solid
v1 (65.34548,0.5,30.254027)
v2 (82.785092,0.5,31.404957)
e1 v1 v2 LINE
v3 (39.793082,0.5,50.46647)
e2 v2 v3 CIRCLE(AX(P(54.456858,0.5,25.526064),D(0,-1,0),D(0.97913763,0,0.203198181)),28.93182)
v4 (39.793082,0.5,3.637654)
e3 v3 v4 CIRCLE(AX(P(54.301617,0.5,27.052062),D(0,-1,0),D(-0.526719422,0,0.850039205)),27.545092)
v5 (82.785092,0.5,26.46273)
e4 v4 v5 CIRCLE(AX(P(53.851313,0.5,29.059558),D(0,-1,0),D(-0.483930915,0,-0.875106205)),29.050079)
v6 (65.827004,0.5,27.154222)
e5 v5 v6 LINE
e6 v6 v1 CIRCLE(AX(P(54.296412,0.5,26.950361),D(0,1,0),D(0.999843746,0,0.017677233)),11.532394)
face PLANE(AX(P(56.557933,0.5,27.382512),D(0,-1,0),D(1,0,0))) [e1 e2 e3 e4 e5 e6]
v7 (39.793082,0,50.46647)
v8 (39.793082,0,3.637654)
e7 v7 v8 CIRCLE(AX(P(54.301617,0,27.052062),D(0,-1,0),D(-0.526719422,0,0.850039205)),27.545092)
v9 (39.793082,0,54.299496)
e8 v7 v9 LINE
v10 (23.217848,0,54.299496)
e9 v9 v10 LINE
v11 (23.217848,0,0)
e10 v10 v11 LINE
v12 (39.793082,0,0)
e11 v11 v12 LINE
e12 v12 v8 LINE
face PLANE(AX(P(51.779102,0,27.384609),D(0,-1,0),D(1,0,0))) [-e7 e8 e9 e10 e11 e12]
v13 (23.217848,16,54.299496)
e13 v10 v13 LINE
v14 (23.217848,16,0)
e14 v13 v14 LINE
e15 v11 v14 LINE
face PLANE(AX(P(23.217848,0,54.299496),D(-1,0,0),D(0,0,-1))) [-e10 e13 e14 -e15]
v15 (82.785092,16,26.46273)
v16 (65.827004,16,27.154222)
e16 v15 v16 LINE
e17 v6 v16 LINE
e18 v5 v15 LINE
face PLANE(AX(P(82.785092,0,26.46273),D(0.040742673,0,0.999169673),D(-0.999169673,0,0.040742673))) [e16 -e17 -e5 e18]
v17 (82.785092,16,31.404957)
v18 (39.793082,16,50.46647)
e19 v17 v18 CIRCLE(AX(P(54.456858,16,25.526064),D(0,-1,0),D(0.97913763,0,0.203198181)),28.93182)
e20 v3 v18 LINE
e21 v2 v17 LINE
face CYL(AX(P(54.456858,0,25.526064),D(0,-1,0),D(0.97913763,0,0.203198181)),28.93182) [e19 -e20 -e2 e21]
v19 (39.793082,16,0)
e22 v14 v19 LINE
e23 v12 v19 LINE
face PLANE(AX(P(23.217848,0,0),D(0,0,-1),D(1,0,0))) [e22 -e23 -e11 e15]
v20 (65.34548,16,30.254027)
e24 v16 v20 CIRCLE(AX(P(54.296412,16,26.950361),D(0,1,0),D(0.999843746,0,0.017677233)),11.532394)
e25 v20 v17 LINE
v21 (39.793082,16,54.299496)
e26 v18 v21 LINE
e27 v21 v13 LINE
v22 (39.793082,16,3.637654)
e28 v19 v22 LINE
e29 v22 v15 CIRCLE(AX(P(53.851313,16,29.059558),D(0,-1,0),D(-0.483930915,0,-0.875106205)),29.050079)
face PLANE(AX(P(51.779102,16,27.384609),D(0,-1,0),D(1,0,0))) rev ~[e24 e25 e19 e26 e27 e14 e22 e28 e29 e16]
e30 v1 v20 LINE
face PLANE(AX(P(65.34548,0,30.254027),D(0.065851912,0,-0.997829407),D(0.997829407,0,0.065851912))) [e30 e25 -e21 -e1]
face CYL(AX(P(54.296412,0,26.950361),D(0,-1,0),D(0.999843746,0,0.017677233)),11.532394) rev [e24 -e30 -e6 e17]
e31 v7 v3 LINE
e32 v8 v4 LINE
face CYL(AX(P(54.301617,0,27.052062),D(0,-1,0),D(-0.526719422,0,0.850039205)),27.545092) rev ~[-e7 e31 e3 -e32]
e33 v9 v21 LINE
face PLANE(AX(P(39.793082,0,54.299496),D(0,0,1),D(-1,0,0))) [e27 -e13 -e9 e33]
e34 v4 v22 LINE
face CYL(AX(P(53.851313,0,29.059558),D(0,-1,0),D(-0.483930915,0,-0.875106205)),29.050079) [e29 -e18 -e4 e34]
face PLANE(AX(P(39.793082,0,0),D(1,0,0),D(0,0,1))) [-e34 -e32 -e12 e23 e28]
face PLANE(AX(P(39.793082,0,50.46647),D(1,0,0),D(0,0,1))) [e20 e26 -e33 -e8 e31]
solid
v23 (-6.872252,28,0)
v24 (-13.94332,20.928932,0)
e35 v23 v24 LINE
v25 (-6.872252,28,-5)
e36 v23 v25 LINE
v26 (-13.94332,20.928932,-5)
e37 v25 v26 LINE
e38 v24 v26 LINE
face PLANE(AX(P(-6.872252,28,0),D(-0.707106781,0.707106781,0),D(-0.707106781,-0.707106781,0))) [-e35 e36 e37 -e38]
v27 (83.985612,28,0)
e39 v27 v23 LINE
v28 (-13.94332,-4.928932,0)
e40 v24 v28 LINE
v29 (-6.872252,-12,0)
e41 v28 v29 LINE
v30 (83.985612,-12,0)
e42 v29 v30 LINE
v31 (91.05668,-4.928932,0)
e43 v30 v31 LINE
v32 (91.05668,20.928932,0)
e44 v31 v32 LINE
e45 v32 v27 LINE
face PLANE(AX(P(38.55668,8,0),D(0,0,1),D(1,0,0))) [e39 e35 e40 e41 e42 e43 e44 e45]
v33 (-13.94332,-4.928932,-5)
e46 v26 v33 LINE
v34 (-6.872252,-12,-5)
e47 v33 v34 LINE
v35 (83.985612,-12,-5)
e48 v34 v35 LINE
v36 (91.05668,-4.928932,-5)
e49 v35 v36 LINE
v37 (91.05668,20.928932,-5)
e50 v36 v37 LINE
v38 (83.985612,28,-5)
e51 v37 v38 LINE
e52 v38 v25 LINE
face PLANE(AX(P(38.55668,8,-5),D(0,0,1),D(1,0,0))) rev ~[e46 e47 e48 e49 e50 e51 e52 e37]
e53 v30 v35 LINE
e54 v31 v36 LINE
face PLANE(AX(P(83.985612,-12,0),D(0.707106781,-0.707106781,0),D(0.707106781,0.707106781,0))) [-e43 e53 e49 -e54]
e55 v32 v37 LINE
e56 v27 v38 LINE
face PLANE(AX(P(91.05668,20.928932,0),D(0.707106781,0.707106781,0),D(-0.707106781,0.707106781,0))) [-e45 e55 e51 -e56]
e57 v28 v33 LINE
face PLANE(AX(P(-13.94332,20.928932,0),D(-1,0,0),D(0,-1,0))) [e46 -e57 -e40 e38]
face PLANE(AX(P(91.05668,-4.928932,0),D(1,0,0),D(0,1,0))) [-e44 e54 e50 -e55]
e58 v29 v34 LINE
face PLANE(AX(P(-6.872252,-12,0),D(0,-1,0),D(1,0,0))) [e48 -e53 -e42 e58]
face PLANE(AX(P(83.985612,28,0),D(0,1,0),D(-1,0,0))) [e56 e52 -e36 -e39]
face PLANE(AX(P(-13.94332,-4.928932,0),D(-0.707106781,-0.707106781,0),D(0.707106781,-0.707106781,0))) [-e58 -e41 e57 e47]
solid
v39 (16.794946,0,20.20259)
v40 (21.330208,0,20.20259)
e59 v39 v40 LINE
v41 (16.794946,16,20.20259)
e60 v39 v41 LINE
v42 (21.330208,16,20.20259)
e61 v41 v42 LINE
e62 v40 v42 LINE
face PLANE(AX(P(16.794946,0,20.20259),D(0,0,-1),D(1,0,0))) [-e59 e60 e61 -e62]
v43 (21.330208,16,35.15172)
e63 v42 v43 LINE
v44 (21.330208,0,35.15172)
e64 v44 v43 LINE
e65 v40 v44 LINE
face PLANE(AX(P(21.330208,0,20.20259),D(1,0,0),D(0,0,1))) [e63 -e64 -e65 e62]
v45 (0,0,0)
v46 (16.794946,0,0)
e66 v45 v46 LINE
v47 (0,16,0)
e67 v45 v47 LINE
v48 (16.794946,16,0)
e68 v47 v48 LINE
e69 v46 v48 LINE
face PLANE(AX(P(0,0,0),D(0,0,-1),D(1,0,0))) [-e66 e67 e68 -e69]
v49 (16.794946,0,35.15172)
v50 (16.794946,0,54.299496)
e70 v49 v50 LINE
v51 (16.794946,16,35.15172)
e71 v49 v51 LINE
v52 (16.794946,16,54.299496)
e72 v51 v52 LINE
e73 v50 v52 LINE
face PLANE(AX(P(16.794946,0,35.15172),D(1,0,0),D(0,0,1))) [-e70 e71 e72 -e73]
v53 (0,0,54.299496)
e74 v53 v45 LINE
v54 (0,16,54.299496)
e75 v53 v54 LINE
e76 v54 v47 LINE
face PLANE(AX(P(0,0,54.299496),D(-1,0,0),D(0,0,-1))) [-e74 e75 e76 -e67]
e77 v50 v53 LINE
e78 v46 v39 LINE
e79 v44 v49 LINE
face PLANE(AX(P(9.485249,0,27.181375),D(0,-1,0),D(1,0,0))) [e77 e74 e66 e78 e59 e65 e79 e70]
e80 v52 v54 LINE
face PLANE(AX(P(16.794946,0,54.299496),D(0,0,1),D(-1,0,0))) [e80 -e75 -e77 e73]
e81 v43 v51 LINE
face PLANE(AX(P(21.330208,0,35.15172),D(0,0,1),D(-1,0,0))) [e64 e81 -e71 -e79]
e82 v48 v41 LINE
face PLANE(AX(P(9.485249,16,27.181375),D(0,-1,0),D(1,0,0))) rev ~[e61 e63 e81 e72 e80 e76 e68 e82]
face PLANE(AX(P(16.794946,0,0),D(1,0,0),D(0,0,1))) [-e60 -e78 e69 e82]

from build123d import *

# Parameters (mm, degrees)
F1_DEPTH = 16
F3_DEPTH = 5
F5_DEPTH = 0.5


with BuildPart() as f1:
    # F0 (on Front) → F1 (new body)
    with BuildSketch(Plane.XZ):
        Polygon((0, 54.299496), (0, 0), (16.794946, 0), (16.794946, 20.20259), (21.330208, 20.20259), (21.330208, 35.15172), (16.794946, 35.15172), (16.794946, 54.299496), align=None)
        with BuildLine():
            Line((39.793082, 54.299496), (23.217848, 54.299496))
            Line((23.217848, 54.299496), (23.217848, 0))
            Line((23.217848, 0), (39.793082, 0))
            Line((39.793082, 0), (39.793082, 3.637654))
            ThreePointArc((39.793082, 3.637654), (67.473593, 3.40141), (82.785092, 26.46273))
            Line((82.785092, 26.46273), (65.827004, 27.154222))
            ThreePointArc((65.827004, 27.154222), (42.90069, 25.180149), (65.34548, 30.254027))
            Line((65.34548, 30.254027), (82.785092, 31.404957))
            ThreePointArc((82.785092, 31.404957), (66.183523, 51.974798), (39.793082, 50.46647))
            Line((39.793082, 50.46647), (39.793082, 54.299496))
        make_face()
    extrude(amount=-F1_DEPTH)

    # F4 (on face) → F5 (cut)
    with BuildSketch(Plane.XZ):
        with BuildLine():
            ThreePointArc((65.827004, 27.154222), (42.90069, 25.180149), (65.34548, 30.254027))
            Line((65.34548, 30.254027), (82.785092, 31.404957))
            ThreePointArc((82.785092, 31.404957), (66.183523, 51.974798), (39.793082, 50.46647))
            ThreePointArc((39.793082, 50.46647), (26.756525, 27.052062), (39.793082, 3.637654))
            ThreePointArc((39.793082, 3.637654), (67.473593, 3.40141), (82.785092, 26.46273))
            Line((82.785092, 26.46273), (65.827004, 27.154222))
        make_face()
    extrude(amount=-F5_DEPTH, mode=Mode.SUBTRACT)


with BuildPart() as f3:
    # F2 (on Top) → F3 (new body)
    with BuildSketch(Plane.XY):
        Polygon((83.985612, 28), (-6.872252, 28), (-13.94332, 20.928932), (-13.94332, -4.928932), (-6.872252, -12), (83.985612, -12), (91.05668, -4.928932), (91.05668, 20.928932), align=None)
    extrude(amount=-F3_DEPTH)


solid = Compound([f1.part, f3.part])
